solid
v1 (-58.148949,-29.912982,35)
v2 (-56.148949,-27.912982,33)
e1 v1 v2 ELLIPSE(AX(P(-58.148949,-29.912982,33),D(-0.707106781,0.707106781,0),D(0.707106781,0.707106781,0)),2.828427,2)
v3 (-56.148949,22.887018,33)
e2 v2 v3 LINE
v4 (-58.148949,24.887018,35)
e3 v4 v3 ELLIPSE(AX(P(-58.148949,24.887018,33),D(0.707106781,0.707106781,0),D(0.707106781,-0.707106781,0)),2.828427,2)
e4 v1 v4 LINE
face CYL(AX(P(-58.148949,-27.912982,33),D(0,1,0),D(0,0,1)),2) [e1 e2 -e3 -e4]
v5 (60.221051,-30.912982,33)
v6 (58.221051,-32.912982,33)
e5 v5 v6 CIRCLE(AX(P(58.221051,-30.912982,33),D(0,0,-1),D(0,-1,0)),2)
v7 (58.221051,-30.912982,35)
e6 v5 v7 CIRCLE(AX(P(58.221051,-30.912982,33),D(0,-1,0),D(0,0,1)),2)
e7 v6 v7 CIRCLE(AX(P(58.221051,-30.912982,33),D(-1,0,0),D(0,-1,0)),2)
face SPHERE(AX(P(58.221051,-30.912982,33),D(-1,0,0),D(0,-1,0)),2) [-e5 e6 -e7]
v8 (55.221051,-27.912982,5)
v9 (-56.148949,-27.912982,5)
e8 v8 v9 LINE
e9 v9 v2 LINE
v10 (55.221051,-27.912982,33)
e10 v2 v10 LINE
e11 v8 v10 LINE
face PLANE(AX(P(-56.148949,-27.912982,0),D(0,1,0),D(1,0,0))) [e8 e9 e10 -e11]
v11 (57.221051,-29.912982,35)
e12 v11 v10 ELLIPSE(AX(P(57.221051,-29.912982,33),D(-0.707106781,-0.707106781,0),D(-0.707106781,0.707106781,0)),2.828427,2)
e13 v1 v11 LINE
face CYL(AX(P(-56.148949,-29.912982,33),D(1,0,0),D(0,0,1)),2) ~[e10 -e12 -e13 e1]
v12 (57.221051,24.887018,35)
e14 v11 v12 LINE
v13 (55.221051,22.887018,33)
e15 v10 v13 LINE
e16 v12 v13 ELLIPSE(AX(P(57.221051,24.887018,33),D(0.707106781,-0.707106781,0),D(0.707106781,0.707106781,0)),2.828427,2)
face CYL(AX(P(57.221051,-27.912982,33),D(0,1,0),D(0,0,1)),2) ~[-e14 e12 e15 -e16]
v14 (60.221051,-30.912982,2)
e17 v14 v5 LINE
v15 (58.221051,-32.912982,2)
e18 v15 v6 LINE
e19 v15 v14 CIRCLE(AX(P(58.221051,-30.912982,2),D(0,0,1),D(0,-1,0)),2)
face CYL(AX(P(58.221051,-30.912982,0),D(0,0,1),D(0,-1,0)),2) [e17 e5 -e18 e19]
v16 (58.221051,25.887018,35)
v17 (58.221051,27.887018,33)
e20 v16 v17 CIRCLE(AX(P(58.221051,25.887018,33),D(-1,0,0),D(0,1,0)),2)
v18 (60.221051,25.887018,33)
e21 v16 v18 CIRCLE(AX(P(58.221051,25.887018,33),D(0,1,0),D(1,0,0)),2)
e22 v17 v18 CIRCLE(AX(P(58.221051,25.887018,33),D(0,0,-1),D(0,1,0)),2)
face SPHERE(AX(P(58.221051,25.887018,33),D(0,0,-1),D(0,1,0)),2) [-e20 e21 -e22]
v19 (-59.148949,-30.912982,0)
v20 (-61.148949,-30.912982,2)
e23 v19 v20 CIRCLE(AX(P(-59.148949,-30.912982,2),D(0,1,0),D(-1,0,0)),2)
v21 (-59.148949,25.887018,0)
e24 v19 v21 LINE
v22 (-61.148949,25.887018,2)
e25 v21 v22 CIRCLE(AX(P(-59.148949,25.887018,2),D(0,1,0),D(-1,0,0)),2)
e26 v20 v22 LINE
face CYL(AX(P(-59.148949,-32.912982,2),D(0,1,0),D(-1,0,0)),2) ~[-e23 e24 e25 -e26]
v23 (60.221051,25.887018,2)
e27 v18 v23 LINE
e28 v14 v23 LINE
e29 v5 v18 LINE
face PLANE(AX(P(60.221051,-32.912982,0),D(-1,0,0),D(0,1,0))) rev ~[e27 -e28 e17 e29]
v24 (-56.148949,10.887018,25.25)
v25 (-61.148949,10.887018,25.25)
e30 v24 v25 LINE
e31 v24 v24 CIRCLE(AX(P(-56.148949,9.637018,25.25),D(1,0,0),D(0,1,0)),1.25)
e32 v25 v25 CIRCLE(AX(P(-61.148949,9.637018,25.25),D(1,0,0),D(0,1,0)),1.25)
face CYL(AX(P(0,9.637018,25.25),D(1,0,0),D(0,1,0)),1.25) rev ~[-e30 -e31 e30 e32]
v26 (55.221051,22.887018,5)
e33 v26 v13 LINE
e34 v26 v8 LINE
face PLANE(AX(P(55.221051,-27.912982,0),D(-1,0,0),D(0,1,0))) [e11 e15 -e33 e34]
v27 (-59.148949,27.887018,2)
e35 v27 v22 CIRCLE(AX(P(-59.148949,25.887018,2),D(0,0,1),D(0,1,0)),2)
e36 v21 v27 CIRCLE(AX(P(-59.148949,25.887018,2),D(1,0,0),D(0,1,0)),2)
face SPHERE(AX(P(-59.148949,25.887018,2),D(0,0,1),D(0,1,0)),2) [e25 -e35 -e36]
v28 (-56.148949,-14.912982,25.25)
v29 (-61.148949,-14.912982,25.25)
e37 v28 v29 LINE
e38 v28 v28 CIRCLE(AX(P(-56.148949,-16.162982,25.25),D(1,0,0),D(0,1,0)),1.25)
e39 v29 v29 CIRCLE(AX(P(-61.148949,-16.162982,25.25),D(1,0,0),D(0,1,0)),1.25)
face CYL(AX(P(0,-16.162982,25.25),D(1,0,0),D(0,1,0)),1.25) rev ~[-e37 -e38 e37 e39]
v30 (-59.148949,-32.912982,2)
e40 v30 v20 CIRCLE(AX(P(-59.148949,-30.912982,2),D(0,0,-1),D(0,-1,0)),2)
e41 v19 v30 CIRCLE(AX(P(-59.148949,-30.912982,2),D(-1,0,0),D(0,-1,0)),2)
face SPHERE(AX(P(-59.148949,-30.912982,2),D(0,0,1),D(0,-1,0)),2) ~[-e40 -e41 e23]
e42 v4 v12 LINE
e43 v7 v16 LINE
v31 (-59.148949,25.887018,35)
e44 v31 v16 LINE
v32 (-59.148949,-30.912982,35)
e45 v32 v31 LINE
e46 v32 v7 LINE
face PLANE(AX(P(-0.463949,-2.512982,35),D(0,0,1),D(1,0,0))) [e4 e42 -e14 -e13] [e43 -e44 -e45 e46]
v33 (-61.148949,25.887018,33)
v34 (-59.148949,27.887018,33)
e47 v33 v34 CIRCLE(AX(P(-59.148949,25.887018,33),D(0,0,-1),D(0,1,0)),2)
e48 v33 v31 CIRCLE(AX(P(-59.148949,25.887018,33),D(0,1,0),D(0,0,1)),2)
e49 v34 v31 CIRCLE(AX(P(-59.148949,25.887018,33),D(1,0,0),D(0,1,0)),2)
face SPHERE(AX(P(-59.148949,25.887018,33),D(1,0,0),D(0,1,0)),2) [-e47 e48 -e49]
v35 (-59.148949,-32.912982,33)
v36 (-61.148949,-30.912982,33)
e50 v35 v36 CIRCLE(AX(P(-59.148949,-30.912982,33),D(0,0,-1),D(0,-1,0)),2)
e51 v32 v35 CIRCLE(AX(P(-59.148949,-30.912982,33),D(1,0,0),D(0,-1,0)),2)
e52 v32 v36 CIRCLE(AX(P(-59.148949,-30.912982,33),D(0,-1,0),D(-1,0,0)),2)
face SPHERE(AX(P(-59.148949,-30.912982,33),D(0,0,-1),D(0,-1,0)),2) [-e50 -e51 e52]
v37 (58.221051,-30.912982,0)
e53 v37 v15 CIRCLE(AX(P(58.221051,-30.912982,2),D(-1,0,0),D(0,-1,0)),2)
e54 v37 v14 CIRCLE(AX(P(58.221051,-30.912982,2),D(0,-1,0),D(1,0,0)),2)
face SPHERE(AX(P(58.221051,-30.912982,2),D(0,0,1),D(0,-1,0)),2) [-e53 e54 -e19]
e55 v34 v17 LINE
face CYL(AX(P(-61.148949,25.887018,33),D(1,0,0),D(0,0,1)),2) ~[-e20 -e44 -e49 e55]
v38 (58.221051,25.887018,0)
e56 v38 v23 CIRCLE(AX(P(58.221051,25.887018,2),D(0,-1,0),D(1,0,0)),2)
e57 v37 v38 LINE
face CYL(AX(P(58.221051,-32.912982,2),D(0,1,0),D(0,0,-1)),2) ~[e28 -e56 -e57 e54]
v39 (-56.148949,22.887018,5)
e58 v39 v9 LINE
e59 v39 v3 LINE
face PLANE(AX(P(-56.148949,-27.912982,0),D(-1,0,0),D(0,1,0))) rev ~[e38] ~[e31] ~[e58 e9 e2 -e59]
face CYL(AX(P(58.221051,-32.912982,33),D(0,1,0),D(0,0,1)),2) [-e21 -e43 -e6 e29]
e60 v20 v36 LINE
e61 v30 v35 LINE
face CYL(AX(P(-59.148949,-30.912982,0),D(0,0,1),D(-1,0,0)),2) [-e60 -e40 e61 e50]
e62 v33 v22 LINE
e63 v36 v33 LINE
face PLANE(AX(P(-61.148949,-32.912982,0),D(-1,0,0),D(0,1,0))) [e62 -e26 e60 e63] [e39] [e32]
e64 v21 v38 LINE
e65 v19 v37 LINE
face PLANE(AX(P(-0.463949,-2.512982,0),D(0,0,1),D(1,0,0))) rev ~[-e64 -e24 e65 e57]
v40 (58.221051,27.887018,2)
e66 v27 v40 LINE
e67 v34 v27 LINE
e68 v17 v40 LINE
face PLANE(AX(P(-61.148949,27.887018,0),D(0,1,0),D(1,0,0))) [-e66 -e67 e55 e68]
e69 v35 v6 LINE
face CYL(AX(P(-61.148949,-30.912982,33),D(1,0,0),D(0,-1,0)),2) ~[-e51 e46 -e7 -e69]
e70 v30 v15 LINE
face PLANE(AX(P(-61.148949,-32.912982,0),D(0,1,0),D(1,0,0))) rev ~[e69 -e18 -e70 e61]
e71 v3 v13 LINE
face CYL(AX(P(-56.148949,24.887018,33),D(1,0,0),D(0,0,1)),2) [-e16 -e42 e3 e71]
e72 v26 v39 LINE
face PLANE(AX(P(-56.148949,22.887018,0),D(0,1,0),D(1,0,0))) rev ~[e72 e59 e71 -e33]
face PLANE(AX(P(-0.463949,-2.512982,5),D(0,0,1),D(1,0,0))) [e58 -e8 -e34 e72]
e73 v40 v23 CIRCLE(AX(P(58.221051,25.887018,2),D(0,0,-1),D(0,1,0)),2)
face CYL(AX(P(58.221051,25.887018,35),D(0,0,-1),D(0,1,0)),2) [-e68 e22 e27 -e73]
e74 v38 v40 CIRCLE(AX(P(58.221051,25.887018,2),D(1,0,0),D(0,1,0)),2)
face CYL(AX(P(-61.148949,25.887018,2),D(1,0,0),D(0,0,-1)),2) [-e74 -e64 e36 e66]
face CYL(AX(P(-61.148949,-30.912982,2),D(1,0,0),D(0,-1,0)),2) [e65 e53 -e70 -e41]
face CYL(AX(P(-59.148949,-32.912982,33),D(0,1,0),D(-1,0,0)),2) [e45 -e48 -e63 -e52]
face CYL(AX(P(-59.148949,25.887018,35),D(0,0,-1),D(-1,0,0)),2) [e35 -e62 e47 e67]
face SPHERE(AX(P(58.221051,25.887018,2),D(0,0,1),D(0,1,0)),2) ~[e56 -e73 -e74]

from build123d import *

# Parameters (mm, degrees)
F0_W     = 121.37
F0_H     = 60.8
F0_W_2   = 111.37
F0_H_2   = 50.8
F1_DEPTH = 5
F2_DEPTH = 35
F3_R     = 1.25
F4_DEPTH = 75
F5_R     = 2


with BuildPart() as f1:
    # F0 (on Top) → F1 (new body)
    with BuildSketch(Plane.XY):
        with Locations((-0.463949, -2.512982)):
            Rectangle(F0_W, F0_H)
        with Locations((-0.463949, -2.512982)):
            Rectangle(F0_W_2, F0_H_2, mode=Mode.SUBTRACT)
        with Locations((-0.463949, -2.512982)):
            Rectangle(F0_W_2, F0_H_2)
    extrude(amount=F1_DEPTH)

    # F0 (on Top) → F2 (join)
    with BuildSketch(Plane.XY):
        with Locations((-0.463949, -2.512982)):
            Rectangle(F0_W, F0_H)
        with Locations((-0.463949, -2.512982)):
            Rectangle(F0_W_2, F0_H_2, mode=Mode.SUBTRACT)
    extrude(amount=F2_DEPTH)

    # F3 (on Right) → F4 (cut)
    with BuildSketch(Plane.YZ):
        with Locations((-16.162982, 25.25)):
            Circle(F3_R)
        with Locations((9.637018, 25.25)):
            Circle(F3_R)
    extrude(amount=-F4_DEPTH, mode=Mode.SUBTRACT)

    # F5
    f5_edges = [f1.edges().sort_by_distance(p)[0] for p in [
        (-61.148949, -32.912982, 17.5),
        (-0.463949, -32.912982, 35),
        (60.221051, -32.912982, 17.5),
        (-0.463949, -32.912982, 0),
        (60.221051, 27.887018, 17.5),
        (-0.463949, 27.887018, 35),
        (-61.148949, 27.887018, 17.5),
        (-0.463949, 27.887018, 0),
        (60.221051, -2.512982, 35),
        (60.221051, -2.512982, 0),
        (55.221051, -2.512982, 35),
        (-0.463949, 22.887018, 35),
        (-56.148949, -2.512982, 35),
        (-0.463949, -27.912982, 35),
        (-61.148949, -2.512982, 35),
        (-61.148949, -2.512982, 0),
    ]]
    fillet(f5_edges, radius=F5_R)


solid = f1.part
